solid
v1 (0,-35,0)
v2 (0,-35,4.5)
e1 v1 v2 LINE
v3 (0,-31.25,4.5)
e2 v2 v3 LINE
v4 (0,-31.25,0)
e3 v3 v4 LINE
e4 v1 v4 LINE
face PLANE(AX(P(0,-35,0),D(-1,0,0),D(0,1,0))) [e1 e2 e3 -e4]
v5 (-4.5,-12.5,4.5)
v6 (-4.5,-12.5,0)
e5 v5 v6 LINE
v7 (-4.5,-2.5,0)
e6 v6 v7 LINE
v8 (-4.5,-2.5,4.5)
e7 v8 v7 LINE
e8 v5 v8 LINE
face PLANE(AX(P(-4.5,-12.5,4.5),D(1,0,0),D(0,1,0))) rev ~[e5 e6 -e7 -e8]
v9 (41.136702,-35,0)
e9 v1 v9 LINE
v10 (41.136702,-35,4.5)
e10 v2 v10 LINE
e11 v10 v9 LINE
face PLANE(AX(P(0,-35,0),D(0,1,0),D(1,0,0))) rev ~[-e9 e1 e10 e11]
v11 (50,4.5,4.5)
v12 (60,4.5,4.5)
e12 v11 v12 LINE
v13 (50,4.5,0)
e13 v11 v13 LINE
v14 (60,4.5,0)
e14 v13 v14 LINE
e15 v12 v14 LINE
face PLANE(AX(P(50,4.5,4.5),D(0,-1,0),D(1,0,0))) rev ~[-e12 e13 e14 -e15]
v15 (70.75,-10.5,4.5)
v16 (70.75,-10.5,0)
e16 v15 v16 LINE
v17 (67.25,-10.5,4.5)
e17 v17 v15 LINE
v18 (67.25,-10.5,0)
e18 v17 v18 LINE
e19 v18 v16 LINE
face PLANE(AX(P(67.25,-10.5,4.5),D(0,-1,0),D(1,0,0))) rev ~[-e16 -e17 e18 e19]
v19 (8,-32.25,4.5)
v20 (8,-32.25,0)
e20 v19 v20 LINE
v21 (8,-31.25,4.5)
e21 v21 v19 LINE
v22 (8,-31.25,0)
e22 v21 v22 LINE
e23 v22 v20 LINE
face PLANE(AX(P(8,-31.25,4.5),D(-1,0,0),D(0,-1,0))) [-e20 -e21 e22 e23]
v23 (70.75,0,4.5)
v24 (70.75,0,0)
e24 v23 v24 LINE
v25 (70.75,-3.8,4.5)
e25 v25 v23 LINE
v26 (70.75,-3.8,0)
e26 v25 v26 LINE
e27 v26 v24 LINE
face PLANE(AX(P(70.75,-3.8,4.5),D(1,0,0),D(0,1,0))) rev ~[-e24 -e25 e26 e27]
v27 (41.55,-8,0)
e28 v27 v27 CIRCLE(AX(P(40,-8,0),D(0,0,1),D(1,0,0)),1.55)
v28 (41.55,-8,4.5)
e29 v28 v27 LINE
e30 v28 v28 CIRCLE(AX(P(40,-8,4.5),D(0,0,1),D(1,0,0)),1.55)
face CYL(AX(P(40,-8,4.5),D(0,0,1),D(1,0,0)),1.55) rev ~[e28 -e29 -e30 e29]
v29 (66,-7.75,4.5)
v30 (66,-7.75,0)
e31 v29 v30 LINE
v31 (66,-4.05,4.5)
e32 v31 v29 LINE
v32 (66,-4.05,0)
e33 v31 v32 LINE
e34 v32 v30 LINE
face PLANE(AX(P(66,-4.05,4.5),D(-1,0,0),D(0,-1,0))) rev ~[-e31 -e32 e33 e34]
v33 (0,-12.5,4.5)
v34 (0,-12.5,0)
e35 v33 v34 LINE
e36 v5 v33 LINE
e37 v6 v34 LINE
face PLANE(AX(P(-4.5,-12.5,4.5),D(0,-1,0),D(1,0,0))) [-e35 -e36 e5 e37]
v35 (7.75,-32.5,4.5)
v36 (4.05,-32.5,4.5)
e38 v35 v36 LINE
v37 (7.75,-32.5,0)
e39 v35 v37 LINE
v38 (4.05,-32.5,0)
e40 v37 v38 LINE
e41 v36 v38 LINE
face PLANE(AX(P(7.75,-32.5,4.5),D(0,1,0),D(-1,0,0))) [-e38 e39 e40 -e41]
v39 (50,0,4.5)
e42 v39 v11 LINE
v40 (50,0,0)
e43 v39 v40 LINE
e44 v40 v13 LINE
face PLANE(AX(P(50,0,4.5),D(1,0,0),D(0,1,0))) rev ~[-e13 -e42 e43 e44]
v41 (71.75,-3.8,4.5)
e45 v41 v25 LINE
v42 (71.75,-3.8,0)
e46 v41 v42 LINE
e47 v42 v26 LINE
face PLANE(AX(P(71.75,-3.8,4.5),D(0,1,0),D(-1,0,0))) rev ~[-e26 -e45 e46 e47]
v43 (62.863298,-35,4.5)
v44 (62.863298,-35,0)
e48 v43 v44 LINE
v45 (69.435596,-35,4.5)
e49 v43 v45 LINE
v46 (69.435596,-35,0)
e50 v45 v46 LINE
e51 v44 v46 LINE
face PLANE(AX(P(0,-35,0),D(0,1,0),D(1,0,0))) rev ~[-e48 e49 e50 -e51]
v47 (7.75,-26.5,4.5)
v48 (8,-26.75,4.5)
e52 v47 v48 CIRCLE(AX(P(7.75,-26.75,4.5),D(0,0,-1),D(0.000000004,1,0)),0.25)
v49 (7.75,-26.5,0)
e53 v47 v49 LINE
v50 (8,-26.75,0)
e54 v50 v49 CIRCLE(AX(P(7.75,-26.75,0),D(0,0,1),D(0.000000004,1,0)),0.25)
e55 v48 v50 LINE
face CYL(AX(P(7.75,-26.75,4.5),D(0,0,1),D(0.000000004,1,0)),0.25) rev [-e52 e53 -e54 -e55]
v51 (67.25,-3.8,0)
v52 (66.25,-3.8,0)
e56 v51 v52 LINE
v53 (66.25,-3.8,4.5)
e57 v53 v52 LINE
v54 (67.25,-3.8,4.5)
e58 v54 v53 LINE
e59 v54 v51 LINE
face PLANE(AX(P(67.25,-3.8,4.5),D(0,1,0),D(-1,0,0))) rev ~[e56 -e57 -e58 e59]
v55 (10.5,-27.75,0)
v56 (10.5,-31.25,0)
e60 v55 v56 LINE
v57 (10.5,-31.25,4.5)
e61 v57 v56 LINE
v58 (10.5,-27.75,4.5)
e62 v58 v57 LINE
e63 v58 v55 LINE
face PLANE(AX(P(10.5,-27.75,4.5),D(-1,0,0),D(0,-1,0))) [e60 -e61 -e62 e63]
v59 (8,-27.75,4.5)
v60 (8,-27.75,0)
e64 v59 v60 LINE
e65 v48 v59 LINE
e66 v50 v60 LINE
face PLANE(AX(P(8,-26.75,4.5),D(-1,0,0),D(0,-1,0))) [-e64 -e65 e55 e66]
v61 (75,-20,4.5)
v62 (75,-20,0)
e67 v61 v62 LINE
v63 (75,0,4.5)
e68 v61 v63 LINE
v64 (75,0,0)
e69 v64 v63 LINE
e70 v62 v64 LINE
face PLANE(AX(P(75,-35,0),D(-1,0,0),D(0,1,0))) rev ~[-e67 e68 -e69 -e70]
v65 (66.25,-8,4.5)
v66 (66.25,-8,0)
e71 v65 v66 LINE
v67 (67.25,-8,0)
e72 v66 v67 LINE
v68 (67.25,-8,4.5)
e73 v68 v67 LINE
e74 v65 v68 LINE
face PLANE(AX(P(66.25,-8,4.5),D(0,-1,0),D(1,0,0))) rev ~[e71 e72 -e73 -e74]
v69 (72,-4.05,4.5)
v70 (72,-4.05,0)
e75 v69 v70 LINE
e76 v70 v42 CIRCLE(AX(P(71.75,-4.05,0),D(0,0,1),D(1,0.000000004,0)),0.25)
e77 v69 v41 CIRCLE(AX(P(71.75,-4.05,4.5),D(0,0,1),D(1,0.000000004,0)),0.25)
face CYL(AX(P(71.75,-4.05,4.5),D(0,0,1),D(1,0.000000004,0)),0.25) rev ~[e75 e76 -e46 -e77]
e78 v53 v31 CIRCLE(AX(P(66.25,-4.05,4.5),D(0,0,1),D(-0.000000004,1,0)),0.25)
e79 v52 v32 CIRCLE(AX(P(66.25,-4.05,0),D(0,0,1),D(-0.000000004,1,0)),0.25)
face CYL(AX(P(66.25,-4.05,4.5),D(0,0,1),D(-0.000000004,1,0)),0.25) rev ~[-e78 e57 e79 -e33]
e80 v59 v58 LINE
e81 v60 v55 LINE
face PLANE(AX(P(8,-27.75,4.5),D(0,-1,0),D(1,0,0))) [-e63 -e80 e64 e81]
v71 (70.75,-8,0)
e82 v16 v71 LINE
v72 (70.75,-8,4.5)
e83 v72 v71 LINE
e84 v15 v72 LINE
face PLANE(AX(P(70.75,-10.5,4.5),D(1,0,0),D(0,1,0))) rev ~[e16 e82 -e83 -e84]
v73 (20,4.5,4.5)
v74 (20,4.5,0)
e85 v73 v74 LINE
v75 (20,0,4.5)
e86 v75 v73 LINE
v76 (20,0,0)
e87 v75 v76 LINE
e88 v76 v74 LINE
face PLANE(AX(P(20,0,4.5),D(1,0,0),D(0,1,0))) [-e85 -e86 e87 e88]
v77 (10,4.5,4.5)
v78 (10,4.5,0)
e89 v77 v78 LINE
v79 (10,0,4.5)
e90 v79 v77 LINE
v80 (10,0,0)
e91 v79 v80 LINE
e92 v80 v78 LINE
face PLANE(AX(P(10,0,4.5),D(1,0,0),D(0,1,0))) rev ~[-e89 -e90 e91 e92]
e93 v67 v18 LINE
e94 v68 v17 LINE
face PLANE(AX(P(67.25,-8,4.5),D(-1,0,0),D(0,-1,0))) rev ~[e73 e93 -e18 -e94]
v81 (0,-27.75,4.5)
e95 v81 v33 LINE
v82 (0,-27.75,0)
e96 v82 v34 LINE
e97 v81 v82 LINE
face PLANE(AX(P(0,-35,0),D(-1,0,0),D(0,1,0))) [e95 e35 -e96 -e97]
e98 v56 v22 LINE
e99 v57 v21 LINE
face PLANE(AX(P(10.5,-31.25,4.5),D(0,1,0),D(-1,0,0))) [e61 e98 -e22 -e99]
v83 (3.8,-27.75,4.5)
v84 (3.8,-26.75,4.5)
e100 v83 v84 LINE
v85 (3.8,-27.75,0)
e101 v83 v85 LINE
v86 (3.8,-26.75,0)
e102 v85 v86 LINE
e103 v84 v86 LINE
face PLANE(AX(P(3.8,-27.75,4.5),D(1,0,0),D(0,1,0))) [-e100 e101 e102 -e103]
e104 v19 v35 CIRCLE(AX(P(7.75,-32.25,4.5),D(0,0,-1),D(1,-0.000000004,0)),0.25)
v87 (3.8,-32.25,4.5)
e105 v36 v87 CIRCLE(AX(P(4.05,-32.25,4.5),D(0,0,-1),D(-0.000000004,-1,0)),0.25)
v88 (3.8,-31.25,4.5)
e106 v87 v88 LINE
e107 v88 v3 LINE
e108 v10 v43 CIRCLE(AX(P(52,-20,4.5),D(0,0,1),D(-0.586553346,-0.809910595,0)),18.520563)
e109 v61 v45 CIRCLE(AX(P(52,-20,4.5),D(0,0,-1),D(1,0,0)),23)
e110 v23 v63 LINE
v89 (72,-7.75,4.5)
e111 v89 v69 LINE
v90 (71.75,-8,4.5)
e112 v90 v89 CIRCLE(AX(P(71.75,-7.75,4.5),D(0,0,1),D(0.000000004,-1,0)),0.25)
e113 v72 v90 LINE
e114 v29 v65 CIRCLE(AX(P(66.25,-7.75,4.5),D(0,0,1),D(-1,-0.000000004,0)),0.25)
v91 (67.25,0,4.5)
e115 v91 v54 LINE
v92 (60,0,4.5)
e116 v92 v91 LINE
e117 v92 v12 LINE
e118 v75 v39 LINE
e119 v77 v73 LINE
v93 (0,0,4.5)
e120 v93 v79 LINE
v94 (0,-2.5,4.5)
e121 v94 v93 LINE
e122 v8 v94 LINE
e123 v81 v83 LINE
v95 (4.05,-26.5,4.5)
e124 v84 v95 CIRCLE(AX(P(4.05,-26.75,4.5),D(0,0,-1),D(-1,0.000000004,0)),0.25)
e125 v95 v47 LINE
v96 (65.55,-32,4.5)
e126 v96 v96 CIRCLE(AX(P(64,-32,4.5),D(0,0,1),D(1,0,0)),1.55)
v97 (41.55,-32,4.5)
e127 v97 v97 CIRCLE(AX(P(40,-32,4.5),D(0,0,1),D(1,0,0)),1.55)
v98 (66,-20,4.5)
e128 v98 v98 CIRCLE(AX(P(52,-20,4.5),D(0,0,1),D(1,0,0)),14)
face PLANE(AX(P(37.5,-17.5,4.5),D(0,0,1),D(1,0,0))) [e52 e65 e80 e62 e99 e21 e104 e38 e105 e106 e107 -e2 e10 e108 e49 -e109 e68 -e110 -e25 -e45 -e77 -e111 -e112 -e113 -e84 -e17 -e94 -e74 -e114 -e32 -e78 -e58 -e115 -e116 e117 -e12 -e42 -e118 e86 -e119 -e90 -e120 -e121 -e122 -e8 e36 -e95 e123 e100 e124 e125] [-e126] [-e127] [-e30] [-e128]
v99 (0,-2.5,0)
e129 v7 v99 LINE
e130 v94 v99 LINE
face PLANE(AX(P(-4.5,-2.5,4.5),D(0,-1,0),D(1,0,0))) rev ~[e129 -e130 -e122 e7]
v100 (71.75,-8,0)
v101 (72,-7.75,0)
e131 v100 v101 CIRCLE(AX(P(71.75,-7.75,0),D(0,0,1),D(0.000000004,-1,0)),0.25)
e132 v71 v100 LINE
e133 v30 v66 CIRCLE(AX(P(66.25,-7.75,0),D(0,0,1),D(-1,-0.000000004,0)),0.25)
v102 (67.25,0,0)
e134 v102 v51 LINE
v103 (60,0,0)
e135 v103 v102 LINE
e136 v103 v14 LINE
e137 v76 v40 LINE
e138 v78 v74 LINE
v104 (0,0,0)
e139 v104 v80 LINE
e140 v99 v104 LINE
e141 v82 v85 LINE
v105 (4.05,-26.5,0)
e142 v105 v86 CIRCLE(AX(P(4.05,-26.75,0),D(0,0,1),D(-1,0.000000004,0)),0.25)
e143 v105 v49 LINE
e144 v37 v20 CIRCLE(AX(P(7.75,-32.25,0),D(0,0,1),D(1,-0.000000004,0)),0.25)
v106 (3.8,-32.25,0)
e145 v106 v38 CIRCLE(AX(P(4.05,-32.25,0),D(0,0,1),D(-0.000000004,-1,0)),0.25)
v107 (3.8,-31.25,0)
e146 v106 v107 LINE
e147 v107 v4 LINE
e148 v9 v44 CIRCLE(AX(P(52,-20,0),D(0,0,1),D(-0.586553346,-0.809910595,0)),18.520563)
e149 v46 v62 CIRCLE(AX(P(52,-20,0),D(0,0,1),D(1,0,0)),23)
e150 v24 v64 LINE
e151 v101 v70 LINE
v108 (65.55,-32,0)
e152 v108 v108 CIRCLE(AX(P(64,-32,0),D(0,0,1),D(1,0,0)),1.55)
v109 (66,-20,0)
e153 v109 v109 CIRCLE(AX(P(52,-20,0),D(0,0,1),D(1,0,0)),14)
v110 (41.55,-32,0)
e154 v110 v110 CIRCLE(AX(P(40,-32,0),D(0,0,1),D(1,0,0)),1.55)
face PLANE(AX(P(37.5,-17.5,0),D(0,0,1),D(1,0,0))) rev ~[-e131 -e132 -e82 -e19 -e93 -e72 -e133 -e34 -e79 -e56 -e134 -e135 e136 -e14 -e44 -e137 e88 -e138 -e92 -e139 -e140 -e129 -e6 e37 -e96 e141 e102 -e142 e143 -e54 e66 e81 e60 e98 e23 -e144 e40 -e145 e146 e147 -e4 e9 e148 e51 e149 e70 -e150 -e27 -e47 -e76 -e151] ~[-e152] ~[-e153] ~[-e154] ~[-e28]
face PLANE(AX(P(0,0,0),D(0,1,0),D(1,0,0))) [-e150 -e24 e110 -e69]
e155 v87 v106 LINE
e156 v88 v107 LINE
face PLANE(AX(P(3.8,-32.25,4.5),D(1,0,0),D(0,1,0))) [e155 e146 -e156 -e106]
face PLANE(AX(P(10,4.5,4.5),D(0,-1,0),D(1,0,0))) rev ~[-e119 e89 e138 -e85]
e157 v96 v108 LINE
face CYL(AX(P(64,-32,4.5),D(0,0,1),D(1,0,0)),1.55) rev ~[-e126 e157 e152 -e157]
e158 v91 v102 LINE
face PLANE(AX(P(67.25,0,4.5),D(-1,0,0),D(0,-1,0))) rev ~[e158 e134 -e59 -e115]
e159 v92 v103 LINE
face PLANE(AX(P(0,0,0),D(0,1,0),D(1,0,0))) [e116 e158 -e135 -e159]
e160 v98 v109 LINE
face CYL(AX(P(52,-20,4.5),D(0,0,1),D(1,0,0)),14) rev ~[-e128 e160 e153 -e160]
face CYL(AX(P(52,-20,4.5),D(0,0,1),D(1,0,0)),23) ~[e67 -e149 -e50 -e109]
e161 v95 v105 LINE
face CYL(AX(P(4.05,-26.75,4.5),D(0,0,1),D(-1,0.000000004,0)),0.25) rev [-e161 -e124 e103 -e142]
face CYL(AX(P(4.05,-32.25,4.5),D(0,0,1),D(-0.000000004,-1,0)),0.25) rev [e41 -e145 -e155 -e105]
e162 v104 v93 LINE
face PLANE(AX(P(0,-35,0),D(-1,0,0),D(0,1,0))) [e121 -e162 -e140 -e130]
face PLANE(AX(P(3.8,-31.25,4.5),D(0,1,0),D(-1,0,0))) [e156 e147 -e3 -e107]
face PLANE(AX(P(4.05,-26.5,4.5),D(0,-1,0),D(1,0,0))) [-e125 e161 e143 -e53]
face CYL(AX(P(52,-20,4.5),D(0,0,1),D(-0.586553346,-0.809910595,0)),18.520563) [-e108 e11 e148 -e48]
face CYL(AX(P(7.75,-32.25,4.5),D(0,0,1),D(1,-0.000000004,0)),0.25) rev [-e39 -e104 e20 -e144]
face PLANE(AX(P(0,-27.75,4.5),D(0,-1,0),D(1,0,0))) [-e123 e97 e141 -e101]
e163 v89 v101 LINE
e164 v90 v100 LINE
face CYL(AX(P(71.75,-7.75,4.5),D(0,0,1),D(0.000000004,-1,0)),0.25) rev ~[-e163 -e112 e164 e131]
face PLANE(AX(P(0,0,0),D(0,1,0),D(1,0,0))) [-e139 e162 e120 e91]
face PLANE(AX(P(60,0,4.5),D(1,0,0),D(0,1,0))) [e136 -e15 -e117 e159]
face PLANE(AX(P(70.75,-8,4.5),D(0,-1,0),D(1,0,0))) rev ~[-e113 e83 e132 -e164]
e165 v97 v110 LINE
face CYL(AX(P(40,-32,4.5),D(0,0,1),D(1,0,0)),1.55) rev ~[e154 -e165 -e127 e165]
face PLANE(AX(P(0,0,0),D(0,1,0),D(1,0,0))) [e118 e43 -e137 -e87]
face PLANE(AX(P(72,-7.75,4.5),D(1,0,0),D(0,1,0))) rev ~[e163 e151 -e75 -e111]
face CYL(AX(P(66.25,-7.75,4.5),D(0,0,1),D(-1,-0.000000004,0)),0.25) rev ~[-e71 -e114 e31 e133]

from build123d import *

# Parameters (mm, degrees)
SKETCH1_W           = 75
SKETCH1_H           = 35
MAINSHAPE_DEPTH     = 4.5
SKETCH2_W           = 4.5
SKETCH2_H           = 10
REARTAB_DEPTH       = 4.5
SKETCH3_W           = 10
SKETCH3_H           = 4.5
BOSS_EXTRUDE3_DEPTH = 4.5
CUT_EXTRUDE1_DEPTH  = 83.886971232
SKETCH6_R           = 14
SKETCH6_R_2         = 1.55
CUT_EXTRUDE3_DEPTH  = 83.886971232
BOSS_EXTRUDE4_DEPTH = 4.5
CUT_EXTRUDE7_DEPTH  = 85.433901689
SMOOTHEDGE_DEPTH    = 85.433901689


with BuildPart() as part:
    # Sketch1 → MainShape (new body)
    with BuildSketch(Plane.XY):
        with Locations((37.5, -17.5)):
            Rectangle(SKETCH1_W, SKETCH1_H)
    extrude(amount=MAINSHAPE_DEPTH)

    # Sketch2 → RearTab (add, through all)
    with BuildSketch(Plane.XY.offset(4.5)):
        with Locations((-2.25, -7.5)):
            Rectangle(SKETCH2_W, SKETCH2_H)
    extrude(amount=-REARTAB_DEPTH)

    # Sketch3 → Boss-Extrude3 (add, through all)
    with BuildSketch(Plane.XY.offset(4.5)):
        with Locations((15, 2.25)):
            Rectangle(SKETCH3_W, SKETCH3_H)
        with Locations((55, 2.25)):
            Rectangle(SKETCH3_W, SKETCH3_H)
    extrude(amount=-BOSS_EXTRUDE3_DEPTH)

    # Sketch4 → Cut-Extrude1 (cut, through all)
    with BuildSketch(Plane.XY.offset(4.5)):
        with BuildLine():
            Line((67.25, 0), (67.25, -3.8))
            Line((67.25, -3.8), (66.25, -3.8))
            ThreePointArc((66.25, -3.8), (66.073223305, -3.873223305), (66, -4.05))
            Line((66, -4.05), (66, -7.75))
            ThreePointArc((66, -7.75), (66.073223305, -7.926776695), (66.25, -8))
            Line((66.25, -8), (67.25, -8))
            Line((67.25, -8), (67.25, -10.5))
            Line((67.25, -10.5), (70.75, -10.5))
            Line((70.75, -10.5), (70.75, -8))
            Line((70.75, -8), (71.75, -8))
            ThreePointArc((71.75, -8), (71.926776695, -7.926776695), (72, -7.75))
            Line((72, -7.75), (72, -4.05))
            ThreePointArc((72, -4.05), (71.926776695, -3.873223305), (71.75, -3.8))
            Line((71.75, -3.8), (70.75, -3.8))
            Line((70.75, -3.8), (70.75, 0))
            Line((70.75, 0), (67.25, 0))
        make_face()
    extrude(amount=-CUT_EXTRUDE1_DEPTH, mode=Mode.SUBTRACT)

    # Sketch6 → Cut-Extrude3 (cut, through all)
    with BuildSketch(Plane.XY.offset(4.5)):
        with Locations((52, -20)):
            Circle(SKETCH6_R)
        with Locations((40, -8)):
            Circle(SKETCH6_R_2)
        with Locations((64, -32)):
            Circle(SKETCH6_R_2)
        with Locations((40, -32)):
            Circle(SKETCH6_R_2)
    extrude(amount=-CUT_EXTRUDE3_DEPTH, mode=Mode.SUBTRACT)

    # Sketch7 → Boss-Extrude4 (add, through all)
    with BuildSketch(Plane.XY.offset(4.5)):
        with BuildLine():
            Line((62.86329805, -35), (41.13670195, -35))
            ThreePointArc((41.13670195, -35), (52, -38.520562748), (62.86329805, -35))
        make_face()
    extrude(amount=-BOSS_EXTRUDE4_DEPTH)

    # Sketch11 → Cut-Extrude7 (cut, through all)
    with BuildSketch(Plane.XY.offset(4.5)):
        with BuildLine():
            Line((0, -31.25), (0, -27.75))
            Line((0, -27.75), (3.8, -27.75))
            Line((3.8, -27.75), (3.8, -26.75))
            ThreePointArc((3.8, -26.75), (3.873223305, -26.573223305), (4.05, -26.5))
            Line((4.05, -26.5), (7.75, -26.5))
            ThreePointArc((7.75, -26.5), (7.926776695, -26.573223305), (8, -26.75))
            Line((8, -26.75), (8, -27.75))
            Line((8, -27.75), (10.5, -27.75))
            Line((10.5, -27.75), (10.5, -31.25))
            Line((10.5, -31.25), (8, -31.25))
            Line((8, -31.25), (8, -32.25))
            ThreePointArc((8, -32.25), (7.926776695, -32.426776695), (7.75, -32.5))
            Line((7.75, -32.5), (4.05, -32.5))
            ThreePointArc((4.05, -32.5), (3.873223305, -32.426776695), (3.8, -32.25))
            Line((3.8, -32.25), (3.8, -31.25))
            Line((3.8, -31.25), (0, -31.25))
        make_face()
    extrude(amount=-CUT_EXTRUDE7_DEPTH, mode=Mode.SUBTRACT)

    # Sketch14 → SmoothEdge (cut, through all)
    with BuildSketch(Plane.XY.offset(4.5)):
        with BuildLine():
            Line((69.435595774, -35), (75, -35))
            Line((75, -35), (75, -20))
            ThreePointArc((75, -20), (73.564075482, -27.999415516), (69.435595774, -35))
        make_face()
    extrude(amount=-SMOOTHEDGE_DEPTH, mode=Mode.SUBTRACT)


solid = part.part
